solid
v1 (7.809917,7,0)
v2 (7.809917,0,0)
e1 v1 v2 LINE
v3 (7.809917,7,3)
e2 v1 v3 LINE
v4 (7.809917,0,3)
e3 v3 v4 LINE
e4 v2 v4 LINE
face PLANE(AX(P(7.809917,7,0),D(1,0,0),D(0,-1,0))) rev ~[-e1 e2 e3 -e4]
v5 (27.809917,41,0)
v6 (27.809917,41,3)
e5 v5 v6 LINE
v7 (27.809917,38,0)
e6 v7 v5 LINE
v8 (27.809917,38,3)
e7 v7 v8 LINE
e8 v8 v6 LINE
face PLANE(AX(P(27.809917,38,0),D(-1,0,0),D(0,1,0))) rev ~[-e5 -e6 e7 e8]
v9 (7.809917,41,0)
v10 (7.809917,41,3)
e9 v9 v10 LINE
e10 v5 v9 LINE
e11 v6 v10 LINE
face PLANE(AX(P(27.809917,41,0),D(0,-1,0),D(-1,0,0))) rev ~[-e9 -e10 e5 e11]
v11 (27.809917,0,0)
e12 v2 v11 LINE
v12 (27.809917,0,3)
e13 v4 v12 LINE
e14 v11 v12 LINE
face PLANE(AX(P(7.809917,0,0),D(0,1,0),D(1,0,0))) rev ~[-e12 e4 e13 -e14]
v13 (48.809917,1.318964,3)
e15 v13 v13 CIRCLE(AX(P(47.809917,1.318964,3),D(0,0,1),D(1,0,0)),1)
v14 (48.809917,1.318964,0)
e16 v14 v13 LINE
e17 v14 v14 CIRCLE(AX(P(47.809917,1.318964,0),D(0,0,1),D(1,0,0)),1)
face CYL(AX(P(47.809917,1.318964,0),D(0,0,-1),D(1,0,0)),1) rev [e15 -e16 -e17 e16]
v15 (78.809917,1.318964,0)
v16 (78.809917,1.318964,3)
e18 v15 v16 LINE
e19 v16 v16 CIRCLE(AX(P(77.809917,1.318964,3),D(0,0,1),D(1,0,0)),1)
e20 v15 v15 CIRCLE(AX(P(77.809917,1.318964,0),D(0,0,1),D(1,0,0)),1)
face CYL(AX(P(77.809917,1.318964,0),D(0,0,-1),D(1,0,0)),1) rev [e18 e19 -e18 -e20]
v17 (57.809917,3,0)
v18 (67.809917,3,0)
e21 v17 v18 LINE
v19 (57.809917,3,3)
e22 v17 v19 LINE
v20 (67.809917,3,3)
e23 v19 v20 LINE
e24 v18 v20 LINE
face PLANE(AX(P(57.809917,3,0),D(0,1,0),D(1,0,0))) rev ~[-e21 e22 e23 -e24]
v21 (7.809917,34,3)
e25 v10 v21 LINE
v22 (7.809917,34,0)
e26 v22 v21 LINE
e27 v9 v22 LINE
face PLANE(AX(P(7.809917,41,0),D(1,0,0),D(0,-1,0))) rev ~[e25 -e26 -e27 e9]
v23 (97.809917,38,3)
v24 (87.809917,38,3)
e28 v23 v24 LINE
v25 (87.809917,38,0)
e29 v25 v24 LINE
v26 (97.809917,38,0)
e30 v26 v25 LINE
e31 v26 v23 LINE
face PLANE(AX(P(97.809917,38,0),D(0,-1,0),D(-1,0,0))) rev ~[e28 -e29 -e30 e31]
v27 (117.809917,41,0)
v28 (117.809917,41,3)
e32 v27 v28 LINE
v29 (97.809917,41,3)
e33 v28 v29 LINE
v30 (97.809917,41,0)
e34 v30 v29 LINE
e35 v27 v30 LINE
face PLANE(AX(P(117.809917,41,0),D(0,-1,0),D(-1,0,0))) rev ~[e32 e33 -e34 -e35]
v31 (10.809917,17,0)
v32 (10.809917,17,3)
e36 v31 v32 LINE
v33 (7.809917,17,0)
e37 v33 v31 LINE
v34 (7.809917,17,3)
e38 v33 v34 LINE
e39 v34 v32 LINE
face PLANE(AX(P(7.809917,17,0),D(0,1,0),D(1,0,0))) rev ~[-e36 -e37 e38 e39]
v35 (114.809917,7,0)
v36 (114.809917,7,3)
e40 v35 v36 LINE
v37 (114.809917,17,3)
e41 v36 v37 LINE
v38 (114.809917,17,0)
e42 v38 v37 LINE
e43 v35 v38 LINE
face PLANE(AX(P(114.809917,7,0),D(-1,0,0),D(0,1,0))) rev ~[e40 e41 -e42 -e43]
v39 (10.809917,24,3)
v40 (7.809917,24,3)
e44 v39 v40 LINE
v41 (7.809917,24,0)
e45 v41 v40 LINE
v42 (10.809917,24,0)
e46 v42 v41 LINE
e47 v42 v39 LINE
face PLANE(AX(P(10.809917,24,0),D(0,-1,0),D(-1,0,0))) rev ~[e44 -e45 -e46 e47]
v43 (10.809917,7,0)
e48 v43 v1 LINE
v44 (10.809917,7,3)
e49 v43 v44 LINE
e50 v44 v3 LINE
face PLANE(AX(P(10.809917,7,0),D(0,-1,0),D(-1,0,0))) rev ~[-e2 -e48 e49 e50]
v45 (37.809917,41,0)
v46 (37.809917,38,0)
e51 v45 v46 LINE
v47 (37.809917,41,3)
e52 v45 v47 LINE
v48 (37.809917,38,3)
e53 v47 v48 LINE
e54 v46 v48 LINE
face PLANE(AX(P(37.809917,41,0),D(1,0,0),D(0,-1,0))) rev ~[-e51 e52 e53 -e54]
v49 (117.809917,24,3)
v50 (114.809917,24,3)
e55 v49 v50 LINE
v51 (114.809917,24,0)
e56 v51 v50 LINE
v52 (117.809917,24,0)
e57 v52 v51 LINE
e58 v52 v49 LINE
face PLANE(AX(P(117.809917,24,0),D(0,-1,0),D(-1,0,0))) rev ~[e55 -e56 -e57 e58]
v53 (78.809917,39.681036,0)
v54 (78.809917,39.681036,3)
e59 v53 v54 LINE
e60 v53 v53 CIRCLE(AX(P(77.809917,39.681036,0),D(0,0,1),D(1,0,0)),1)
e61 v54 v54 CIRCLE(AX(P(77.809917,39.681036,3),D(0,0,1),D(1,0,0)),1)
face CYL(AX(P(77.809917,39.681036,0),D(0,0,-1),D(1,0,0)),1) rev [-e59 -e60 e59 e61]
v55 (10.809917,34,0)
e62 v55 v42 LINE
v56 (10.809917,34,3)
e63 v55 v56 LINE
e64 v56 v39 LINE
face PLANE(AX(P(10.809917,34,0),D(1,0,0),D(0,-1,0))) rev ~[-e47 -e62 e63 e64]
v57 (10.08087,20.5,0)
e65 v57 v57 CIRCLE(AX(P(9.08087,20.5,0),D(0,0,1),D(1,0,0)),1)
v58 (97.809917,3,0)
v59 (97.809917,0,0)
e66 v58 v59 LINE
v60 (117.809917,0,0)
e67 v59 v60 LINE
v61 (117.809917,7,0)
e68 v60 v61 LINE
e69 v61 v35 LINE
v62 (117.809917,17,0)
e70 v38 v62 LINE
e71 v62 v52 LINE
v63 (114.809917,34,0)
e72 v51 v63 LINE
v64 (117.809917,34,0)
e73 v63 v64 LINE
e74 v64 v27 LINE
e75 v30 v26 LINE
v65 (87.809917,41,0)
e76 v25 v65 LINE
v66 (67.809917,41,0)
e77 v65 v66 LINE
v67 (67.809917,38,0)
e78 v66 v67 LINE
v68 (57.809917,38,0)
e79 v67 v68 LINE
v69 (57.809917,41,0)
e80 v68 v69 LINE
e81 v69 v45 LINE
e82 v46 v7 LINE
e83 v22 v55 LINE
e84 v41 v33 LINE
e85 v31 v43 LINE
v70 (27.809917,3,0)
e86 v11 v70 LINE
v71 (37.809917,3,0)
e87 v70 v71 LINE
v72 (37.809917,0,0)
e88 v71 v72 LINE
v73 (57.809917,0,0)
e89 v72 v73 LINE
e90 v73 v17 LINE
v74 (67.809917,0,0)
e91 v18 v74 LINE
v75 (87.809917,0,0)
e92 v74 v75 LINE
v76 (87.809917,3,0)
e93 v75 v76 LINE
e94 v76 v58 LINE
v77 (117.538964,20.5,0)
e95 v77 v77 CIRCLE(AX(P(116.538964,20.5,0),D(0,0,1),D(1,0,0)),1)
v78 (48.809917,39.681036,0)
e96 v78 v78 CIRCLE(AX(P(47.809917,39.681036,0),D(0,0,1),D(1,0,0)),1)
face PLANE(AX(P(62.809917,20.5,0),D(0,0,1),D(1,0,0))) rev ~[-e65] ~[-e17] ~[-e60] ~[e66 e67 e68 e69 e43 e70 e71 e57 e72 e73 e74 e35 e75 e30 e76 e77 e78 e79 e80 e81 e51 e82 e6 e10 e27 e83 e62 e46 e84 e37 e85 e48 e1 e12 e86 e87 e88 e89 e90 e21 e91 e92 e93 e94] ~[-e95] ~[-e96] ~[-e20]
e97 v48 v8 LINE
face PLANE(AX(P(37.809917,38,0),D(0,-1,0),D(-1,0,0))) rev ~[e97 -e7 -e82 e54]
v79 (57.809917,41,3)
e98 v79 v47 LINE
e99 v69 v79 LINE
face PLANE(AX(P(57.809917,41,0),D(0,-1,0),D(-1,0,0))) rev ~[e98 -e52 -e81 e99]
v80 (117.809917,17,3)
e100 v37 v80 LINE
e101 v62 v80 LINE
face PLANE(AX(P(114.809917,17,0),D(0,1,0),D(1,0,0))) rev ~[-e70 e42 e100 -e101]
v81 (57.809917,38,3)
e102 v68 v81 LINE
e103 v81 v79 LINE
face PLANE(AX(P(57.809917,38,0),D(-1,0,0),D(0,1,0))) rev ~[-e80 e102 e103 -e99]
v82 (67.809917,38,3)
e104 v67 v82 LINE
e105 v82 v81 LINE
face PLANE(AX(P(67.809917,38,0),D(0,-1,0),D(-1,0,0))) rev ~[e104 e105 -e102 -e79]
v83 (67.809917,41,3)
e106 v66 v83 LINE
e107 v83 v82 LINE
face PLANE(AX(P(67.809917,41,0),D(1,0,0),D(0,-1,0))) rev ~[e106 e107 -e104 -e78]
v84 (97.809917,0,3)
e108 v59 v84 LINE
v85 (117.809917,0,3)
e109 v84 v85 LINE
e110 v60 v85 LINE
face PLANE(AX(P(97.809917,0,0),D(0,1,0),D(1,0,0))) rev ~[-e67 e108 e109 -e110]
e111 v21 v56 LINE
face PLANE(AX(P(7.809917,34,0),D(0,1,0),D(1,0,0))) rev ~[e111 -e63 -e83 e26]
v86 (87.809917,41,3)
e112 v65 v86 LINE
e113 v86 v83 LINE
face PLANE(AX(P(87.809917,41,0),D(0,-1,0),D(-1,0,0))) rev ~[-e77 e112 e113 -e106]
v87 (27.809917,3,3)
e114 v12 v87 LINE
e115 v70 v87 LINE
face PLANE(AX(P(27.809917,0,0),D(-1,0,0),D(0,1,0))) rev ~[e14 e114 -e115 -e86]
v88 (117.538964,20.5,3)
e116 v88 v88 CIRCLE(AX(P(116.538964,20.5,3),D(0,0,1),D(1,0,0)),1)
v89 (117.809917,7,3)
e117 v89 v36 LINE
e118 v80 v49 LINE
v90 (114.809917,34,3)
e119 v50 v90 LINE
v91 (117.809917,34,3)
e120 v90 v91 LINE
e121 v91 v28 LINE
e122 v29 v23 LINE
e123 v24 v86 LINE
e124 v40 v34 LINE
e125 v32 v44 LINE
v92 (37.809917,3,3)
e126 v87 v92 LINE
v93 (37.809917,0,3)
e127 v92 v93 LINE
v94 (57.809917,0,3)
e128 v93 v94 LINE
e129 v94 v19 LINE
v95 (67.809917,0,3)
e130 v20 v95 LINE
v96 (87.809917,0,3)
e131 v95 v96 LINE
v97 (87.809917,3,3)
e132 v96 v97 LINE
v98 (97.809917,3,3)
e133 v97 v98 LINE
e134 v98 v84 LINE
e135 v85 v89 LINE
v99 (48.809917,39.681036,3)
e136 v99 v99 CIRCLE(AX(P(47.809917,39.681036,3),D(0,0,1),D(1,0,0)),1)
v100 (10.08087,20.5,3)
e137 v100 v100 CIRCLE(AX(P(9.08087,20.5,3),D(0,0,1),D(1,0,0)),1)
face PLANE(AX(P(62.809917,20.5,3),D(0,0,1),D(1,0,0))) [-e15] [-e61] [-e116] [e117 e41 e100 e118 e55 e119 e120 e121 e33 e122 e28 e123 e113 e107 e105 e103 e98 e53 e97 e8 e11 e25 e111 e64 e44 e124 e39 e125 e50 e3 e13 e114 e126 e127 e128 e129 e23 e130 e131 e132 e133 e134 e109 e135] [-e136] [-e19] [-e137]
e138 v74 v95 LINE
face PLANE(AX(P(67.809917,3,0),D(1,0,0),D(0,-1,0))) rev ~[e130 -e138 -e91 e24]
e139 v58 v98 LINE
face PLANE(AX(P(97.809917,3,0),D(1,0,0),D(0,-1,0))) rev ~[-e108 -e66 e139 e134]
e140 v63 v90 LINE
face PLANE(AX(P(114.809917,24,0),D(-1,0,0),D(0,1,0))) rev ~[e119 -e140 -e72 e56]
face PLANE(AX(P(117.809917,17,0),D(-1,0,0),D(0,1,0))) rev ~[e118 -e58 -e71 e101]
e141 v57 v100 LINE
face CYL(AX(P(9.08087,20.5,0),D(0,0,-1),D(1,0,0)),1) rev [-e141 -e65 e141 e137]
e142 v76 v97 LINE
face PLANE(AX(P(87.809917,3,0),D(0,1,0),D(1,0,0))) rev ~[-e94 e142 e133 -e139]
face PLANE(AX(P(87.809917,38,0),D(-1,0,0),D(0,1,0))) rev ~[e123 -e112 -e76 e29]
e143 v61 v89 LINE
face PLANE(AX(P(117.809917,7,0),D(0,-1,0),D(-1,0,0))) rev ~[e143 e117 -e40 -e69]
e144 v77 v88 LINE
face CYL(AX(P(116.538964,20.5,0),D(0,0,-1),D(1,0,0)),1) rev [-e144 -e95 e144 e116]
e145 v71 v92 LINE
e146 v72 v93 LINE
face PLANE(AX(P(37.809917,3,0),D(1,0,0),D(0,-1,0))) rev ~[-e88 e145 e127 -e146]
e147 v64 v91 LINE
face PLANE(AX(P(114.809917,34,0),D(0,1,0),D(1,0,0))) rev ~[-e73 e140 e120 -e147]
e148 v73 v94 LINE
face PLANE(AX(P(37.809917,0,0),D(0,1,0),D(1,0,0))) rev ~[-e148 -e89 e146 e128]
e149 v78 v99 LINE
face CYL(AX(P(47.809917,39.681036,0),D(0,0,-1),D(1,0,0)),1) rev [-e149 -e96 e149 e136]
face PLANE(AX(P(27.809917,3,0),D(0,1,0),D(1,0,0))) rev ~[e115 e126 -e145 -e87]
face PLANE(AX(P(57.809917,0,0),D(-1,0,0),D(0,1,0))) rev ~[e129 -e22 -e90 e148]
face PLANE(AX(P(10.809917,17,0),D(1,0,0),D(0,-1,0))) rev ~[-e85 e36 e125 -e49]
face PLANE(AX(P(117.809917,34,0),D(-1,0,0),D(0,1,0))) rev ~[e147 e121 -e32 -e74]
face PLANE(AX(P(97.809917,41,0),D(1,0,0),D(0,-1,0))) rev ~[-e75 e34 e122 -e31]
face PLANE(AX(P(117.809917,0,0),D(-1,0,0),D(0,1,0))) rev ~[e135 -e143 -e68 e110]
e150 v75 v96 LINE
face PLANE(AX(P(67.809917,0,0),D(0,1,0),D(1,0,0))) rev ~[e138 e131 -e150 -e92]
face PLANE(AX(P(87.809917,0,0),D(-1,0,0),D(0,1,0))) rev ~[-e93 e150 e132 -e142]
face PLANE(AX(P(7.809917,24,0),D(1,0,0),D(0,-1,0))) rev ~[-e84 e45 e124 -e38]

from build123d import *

# Parameters (mm, degrees)
F0_R     = 1
F1_DEPTH = 3


with BuildPart() as f1:
    # F0 (on Top) → F1 (new body)
    with BuildSketch(Plane.XY):
        Polygon((7.809917, 7), (7.809917, 0), (27.809917, 0), (27.809917, 3), (37.809917, 3), (37.809917, 0), (57.809917, 0), (57.809917, 3), (62.809917, 3), (67.809917, 3), (67.809917, 0), (87.809917, 0), (87.809917, 3), (97.809917, 3), (97.809917, 0), (117.809917, 0), (117.809917, 7), (114.809917, 7), (114.809917, 17), (117.809917, 17), (117.809917, 24), (114.809917, 24), (114.809917, 34), (117.809917, 34), (117.809917, 41), (97.809917, 41), (97.809917, 38), (87.809917, 38), (87.809917, 41), (67.809917, 41), (67.809917, 38), (62.809917, 38), (57.809917, 38), (57.809917, 41), (37.809917, 41), (37.809917, 38), (27.809917, 38), (27.809917, 41), (7.809917, 41), (7.809917, 34), (10.809917, 34), (10.809917, 24), (7.809917, 24), (7.809917, 17), (10.809917, 17), (10.809917, 7), align=None)
        with Locations((47.809917, 1.318964)):
            Circle(F0_R, mode=Mode.SUBTRACT)
        with Locations((77.809917, 1.318964)):
            Circle(F0_R, mode=Mode.SUBTRACT)
        with Locations((9.08087, 20.5)):
            Circle(F0_R, mode=Mode.SUBTRACT)
        with Locations((47.809917, 39.681036)):
            Circle(F0_R, mode=Mode.SUBTRACT)
        with Locations((116.538964, 20.5)):
            Circle(F0_R, mode=Mode.SUBTRACT)
        with Locations((77.809917, 39.681036)):
            Circle(F0_R, mode=Mode.SUBTRACT)
    extrude(amount=F1_DEPTH)


solid = f1.part
